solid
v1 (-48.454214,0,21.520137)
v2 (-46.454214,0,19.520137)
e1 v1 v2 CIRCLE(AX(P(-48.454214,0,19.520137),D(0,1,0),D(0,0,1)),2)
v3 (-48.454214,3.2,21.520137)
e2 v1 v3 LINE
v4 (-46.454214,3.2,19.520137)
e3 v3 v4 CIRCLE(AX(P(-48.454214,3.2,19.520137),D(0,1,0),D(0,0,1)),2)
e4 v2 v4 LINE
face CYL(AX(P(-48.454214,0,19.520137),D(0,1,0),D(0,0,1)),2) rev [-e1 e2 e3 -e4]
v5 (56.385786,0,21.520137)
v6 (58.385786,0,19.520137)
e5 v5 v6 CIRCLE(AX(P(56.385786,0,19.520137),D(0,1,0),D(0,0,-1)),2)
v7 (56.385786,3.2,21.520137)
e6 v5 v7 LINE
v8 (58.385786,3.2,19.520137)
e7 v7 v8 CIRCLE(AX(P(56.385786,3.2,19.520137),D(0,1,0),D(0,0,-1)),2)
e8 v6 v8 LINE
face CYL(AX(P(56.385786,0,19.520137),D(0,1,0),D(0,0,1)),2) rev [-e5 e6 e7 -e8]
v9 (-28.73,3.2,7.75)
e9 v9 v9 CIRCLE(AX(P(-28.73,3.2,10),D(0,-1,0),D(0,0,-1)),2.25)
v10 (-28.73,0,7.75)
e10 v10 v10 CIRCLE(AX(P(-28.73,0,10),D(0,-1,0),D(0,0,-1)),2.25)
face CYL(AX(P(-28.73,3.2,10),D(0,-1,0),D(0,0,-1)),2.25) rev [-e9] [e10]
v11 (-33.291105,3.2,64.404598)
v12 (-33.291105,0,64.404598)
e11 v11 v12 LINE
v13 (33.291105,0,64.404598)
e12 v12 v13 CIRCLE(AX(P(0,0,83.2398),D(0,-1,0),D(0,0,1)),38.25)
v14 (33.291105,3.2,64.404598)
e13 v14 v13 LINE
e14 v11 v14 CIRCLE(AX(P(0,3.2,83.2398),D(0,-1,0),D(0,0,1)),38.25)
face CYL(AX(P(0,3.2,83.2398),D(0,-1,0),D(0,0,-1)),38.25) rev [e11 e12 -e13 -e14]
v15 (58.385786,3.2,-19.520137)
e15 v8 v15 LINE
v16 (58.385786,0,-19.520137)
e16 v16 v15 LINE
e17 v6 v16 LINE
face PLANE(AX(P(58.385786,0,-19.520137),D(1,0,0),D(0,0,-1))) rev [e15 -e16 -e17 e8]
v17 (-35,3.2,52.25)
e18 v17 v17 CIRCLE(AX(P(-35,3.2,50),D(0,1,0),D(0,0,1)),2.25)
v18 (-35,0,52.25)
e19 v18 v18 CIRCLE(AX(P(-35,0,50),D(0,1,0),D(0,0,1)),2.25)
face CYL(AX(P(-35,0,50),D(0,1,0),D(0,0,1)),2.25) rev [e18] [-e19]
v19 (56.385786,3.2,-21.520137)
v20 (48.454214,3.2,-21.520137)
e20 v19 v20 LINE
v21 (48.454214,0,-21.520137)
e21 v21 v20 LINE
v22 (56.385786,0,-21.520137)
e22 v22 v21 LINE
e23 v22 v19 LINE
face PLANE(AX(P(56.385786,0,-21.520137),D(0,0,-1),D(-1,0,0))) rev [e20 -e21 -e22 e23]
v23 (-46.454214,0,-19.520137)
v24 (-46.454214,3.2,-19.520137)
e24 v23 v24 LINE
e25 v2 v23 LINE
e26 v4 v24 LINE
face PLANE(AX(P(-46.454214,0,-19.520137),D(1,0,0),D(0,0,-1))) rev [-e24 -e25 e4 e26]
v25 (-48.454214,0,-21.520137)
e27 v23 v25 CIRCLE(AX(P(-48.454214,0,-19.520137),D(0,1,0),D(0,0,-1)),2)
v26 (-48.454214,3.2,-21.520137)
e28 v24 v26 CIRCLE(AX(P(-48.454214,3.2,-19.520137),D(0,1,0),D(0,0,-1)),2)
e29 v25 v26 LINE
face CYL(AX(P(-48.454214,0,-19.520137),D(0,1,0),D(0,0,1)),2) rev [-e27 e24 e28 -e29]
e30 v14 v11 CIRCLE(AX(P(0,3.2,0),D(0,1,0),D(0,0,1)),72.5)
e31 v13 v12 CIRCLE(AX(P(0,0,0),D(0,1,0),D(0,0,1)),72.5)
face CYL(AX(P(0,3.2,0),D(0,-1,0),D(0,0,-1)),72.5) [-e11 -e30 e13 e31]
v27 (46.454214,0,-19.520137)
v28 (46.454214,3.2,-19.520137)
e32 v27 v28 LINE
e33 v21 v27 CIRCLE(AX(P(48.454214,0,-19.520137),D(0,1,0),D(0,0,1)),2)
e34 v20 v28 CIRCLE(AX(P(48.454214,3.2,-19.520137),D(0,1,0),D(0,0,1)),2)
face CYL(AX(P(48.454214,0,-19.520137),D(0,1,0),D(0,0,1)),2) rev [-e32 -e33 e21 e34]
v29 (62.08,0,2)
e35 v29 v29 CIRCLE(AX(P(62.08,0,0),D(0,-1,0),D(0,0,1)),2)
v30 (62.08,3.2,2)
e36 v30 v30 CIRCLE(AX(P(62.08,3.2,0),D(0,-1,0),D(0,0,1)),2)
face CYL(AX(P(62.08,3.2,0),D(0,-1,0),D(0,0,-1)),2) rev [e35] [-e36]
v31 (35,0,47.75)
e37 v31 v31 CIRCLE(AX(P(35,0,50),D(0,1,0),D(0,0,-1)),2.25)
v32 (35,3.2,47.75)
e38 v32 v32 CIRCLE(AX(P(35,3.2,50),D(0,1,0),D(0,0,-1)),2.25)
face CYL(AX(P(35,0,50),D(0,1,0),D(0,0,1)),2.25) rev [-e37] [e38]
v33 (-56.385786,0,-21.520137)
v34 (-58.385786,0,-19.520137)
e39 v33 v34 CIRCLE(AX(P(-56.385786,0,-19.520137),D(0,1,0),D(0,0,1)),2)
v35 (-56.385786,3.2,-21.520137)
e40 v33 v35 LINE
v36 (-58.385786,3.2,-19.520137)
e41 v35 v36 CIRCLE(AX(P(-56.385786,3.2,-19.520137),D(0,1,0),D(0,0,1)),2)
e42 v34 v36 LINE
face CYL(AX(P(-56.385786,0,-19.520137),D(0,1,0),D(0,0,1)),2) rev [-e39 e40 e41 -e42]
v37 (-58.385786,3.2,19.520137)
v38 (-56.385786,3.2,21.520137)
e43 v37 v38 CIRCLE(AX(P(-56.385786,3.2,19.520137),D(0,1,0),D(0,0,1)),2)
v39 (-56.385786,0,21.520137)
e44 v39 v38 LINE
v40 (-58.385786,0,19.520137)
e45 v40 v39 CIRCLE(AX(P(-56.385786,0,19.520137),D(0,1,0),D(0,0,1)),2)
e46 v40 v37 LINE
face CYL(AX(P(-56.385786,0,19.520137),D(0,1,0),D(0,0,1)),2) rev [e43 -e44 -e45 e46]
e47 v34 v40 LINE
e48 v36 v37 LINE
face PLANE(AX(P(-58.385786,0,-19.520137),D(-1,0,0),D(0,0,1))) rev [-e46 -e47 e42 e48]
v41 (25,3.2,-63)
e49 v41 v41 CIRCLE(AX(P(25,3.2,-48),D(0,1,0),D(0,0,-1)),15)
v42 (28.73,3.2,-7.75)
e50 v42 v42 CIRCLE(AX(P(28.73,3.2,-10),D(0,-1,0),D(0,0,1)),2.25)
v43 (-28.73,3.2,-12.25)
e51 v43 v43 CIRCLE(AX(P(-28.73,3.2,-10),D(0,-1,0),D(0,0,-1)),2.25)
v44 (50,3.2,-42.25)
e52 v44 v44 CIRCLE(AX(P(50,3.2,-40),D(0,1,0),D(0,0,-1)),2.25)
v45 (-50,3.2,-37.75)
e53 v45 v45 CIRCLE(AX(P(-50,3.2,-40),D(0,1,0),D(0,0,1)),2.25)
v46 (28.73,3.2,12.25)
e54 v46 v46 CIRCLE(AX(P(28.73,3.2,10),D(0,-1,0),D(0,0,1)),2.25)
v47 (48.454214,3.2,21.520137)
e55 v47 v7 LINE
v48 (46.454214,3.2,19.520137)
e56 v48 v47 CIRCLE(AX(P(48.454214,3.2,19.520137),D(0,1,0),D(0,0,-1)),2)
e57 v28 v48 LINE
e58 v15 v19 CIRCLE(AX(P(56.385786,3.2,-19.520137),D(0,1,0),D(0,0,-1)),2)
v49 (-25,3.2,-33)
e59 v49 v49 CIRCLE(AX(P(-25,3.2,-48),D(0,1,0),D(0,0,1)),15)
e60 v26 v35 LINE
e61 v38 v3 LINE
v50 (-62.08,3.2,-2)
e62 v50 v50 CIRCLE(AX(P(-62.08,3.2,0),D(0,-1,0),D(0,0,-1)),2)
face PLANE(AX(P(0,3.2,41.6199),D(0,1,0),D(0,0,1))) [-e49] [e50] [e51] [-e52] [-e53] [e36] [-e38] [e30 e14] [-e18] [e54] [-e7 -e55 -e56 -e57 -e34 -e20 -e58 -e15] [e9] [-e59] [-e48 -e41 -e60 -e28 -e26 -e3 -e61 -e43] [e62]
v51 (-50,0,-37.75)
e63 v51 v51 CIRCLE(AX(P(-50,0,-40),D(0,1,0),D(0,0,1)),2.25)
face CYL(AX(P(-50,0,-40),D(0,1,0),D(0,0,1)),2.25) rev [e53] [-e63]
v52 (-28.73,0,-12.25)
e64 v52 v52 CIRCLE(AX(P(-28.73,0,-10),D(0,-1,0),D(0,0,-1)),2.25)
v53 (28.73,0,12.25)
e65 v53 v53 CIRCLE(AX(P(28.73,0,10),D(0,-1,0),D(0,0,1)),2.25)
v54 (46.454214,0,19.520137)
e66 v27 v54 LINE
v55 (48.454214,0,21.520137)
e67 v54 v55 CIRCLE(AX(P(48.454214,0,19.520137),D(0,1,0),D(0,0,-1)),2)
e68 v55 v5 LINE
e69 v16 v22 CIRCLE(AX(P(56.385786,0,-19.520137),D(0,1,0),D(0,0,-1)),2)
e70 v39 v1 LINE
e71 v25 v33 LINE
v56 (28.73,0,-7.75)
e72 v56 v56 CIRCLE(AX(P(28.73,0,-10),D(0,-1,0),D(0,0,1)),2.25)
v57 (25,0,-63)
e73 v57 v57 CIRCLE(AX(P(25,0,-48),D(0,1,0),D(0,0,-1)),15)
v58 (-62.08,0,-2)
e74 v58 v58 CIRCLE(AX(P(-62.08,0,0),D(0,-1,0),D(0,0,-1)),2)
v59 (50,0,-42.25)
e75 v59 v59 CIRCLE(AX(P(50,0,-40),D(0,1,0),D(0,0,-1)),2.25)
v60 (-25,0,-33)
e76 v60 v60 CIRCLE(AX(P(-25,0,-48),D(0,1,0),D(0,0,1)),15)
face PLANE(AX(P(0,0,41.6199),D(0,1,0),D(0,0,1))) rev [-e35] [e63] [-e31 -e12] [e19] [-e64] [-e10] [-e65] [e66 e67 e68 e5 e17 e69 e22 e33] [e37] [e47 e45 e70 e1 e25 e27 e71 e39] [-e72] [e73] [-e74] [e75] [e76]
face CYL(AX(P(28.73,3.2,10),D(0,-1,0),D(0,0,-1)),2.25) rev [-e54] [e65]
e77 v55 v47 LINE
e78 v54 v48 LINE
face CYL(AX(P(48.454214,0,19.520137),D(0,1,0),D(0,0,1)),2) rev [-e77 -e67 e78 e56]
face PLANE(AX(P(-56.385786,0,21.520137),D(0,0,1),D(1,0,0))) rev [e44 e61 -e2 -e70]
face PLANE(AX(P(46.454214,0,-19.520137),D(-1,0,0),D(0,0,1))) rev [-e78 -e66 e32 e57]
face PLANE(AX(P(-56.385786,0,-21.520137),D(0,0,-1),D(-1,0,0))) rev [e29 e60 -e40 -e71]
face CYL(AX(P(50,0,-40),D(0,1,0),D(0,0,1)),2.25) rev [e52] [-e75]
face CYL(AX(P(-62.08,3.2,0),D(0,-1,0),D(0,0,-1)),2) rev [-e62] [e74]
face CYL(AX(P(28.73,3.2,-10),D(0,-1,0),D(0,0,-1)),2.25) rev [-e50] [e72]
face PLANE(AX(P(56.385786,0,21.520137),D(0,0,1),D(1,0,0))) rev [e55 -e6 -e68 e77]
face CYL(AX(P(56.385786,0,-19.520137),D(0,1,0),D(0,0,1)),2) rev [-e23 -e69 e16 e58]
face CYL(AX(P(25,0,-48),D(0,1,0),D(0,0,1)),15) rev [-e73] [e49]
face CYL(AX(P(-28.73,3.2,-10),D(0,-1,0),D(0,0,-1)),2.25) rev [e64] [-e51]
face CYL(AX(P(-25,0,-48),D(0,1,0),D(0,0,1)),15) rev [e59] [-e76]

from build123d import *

# Parameters (mm, degrees)
BOSS_EXTRUDE1_DEPTH = 3.2
SKETCH2_W           = 10.76
SKETCH2_H           = 41.868700306
CUT_EXTRUDE1_DEPTH  = 103.580407486
SKETCH3_R           = 2
SKETCH3_R_2         = 2.25
CUT_EXTRUDE2_DEPTH  = 103.580407486
SKETCH4_R           = 15
CUT_EXTRUDE3_DEPTH  = 103.580407486
CUT_EXTRUDE4_DEPTH  = 103.580407486
SKETCH6_R           = 2.25
CUT_EXTRUDE5_DEPTH  = 103.580407486


with BuildPart() as part:
    # Sketch1 → Boss-Extrude1 (new body)
    with BuildSketch(Plane(origin=(0, 0, 0), x_dir=(1, 0, 0), z_dir=(0, 1, 0))):
        with BuildLine():
            ThreePointArc((33.29110537, -64.404598464), (0, 72.5), (-33.29110537, -64.404598464))
            ThreePointArc((-33.29110537, -64.404598464), (0, -44.989799638), (33.29110537, -64.404598464))
        make_face()
    extrude(amount=BOSS_EXTRUDE1_DEPTH)

    # Sketch2 → Cut-Extrude1 (cut, through all)
    with BuildSketch(Plane(origin=(0, 3.2, 0), x_dir=(1, 0, 0), z_dir=(0, 1, 0))):
        with Locations((-52.42, 0)):
            Rectangle(SKETCH2_W, SKETCH2_H)
        with Locations((52.42, 0)):
            Rectangle(SKETCH2_W, SKETCH2_H)
    extrude(amount=-CUT_EXTRUDE1_DEPTH, mode=Mode.SUBTRACT)

    # Sketch3 → Cut-Extrude2 (cut, through all)
    with BuildSketch(Plane.XZ):
        with Locations(Location((-62.08, 0, 0), (0, 0, 270))):
            Circle(SKETCH3_R)
        with Locations(Location((-28.73, 10, 0), (0, 0, 270))):
            Circle(SKETCH3_R_2)
        with Locations(Location((-28.73, -10, 0), (0, 0, 270))):
            Circle(SKETCH3_R_2)
        with Locations(Location((28.73, -10, 0), (0, 0, 90))):
            Circle(SKETCH3_R_2)
        with Locations(Location((28.73, 10, 0), (0, 0, 90))):
            Circle(SKETCH3_R_2)
        with Locations(Location((62.08, 0, 0), (0, 0, 90))):
            Circle(SKETCH3_R)
    extrude(amount=-CUT_EXTRUDE2_DEPTH, mode=Mode.SUBTRACT)

    # Sketch4 → Cut-Extrude3 (cut, through all)
    with BuildSketch(Plane(origin=(0, 3.2, 0), x_dir=(1, 0, 0), z_dir=(0, 1, 0))):
        with Locations(Location((-25, 48, 0), (0, 0, 270))):
            Circle(SKETCH4_R)
        with Locations(Location((25, 48, 0), (0, 0, 90))):
            Circle(SKETCH4_R)
    extrude(amount=-CUT_EXTRUDE3_DEPTH, mode=Mode.SUBTRACT)

    # Sketch5 → Cut-Extrude4 (cut, through all)
    with BuildSketch(Plane(origin=(0, 3.2, 0), x_dir=(1, 0, 0), z_dir=(0, 1, 0))):
        with BuildLine():
            Line((-56.385786438, 21.520136591), (-48.454213562, 21.520136591))
            ThreePointArc((-48.454213562, 21.520136591), (-47.04, 20.934350153), (-46.454213562, 19.520136591))
            Line((-46.454213562, 19.520136591), (-46.454213562, -19.520136591))
            ThreePointArc((-46.454213562, -19.520136591), (-47.04, -20.934350153), (-48.454213562, -21.520136591))
            Line((-48.454213562, -21.520136591), (-56.385786438, -21.520136591))
            ThreePointArc((-56.385786438, -21.520136591), (-57.8, -20.934350153), (-58.385786438, -19.520136591))
            Line((-58.385786438, -19.520136591), (-58.385786438, 19.520136591))
            ThreePointArc((-58.385786438, 19.520136591), (-57.8, 20.934350153), (-56.385786438, 21.520136591))
        make_face()
        with BuildLine():
            Line((46.454213562, 19.520136591), (46.454213562, -19.520136591))
            ThreePointArc((46.454213562, -19.520136591), (47.04, -20.934350153), (48.454213562, -21.520136591))
            Line((48.454213562, -21.520136591), (56.385786438, -21.520136591))
            ThreePointArc((56.385786438, -21.520136591), (57.8, -20.934350153), (58.385786438, -19.520136591))
            Line((58.385786438, -19.520136591), (58.385786438, 19.520136591))
            ThreePointArc((58.385786438, 19.520136591), (57.8, 20.934350153), (56.385786438, 21.520136591))
            Line((56.385786438, 21.520136591), (48.454213562, 21.520136591))
            ThreePointArc((48.454213562, 21.520136591), (47.04, 20.934350153), (46.454213562, 19.520136591))
        make_face()
    extrude(amount=-CUT_EXTRUDE4_DEPTH, mode=Mode.SUBTRACT)

    # Sketch6 → Cut-Extrude5 (cut, through all)
    with BuildSketch(Plane(origin=(0, 3.2, 0), x_dir=(1, 0, 0), z_dir=(0, 1, 0))):
        with Locations(Location((-50, 40, 0), (0, 0, 270))):
            Circle(SKETCH6_R)
        with Locations(Location((-35, -50, 0), (0, 0, 270))):
            Circle(SKETCH6_R)
        with Locations(Location((35, -50, 0), (0, 0, 90))):
            Circle(SKETCH6_R)
        with Locations(Location((50, 40, 0), (0, 0, 90))):
            Circle(SKETCH6_R)
    extrude(amount=-CUT_EXTRUDE5_DEPTH, mode=Mode.SUBTRACT)


solid = part.part
